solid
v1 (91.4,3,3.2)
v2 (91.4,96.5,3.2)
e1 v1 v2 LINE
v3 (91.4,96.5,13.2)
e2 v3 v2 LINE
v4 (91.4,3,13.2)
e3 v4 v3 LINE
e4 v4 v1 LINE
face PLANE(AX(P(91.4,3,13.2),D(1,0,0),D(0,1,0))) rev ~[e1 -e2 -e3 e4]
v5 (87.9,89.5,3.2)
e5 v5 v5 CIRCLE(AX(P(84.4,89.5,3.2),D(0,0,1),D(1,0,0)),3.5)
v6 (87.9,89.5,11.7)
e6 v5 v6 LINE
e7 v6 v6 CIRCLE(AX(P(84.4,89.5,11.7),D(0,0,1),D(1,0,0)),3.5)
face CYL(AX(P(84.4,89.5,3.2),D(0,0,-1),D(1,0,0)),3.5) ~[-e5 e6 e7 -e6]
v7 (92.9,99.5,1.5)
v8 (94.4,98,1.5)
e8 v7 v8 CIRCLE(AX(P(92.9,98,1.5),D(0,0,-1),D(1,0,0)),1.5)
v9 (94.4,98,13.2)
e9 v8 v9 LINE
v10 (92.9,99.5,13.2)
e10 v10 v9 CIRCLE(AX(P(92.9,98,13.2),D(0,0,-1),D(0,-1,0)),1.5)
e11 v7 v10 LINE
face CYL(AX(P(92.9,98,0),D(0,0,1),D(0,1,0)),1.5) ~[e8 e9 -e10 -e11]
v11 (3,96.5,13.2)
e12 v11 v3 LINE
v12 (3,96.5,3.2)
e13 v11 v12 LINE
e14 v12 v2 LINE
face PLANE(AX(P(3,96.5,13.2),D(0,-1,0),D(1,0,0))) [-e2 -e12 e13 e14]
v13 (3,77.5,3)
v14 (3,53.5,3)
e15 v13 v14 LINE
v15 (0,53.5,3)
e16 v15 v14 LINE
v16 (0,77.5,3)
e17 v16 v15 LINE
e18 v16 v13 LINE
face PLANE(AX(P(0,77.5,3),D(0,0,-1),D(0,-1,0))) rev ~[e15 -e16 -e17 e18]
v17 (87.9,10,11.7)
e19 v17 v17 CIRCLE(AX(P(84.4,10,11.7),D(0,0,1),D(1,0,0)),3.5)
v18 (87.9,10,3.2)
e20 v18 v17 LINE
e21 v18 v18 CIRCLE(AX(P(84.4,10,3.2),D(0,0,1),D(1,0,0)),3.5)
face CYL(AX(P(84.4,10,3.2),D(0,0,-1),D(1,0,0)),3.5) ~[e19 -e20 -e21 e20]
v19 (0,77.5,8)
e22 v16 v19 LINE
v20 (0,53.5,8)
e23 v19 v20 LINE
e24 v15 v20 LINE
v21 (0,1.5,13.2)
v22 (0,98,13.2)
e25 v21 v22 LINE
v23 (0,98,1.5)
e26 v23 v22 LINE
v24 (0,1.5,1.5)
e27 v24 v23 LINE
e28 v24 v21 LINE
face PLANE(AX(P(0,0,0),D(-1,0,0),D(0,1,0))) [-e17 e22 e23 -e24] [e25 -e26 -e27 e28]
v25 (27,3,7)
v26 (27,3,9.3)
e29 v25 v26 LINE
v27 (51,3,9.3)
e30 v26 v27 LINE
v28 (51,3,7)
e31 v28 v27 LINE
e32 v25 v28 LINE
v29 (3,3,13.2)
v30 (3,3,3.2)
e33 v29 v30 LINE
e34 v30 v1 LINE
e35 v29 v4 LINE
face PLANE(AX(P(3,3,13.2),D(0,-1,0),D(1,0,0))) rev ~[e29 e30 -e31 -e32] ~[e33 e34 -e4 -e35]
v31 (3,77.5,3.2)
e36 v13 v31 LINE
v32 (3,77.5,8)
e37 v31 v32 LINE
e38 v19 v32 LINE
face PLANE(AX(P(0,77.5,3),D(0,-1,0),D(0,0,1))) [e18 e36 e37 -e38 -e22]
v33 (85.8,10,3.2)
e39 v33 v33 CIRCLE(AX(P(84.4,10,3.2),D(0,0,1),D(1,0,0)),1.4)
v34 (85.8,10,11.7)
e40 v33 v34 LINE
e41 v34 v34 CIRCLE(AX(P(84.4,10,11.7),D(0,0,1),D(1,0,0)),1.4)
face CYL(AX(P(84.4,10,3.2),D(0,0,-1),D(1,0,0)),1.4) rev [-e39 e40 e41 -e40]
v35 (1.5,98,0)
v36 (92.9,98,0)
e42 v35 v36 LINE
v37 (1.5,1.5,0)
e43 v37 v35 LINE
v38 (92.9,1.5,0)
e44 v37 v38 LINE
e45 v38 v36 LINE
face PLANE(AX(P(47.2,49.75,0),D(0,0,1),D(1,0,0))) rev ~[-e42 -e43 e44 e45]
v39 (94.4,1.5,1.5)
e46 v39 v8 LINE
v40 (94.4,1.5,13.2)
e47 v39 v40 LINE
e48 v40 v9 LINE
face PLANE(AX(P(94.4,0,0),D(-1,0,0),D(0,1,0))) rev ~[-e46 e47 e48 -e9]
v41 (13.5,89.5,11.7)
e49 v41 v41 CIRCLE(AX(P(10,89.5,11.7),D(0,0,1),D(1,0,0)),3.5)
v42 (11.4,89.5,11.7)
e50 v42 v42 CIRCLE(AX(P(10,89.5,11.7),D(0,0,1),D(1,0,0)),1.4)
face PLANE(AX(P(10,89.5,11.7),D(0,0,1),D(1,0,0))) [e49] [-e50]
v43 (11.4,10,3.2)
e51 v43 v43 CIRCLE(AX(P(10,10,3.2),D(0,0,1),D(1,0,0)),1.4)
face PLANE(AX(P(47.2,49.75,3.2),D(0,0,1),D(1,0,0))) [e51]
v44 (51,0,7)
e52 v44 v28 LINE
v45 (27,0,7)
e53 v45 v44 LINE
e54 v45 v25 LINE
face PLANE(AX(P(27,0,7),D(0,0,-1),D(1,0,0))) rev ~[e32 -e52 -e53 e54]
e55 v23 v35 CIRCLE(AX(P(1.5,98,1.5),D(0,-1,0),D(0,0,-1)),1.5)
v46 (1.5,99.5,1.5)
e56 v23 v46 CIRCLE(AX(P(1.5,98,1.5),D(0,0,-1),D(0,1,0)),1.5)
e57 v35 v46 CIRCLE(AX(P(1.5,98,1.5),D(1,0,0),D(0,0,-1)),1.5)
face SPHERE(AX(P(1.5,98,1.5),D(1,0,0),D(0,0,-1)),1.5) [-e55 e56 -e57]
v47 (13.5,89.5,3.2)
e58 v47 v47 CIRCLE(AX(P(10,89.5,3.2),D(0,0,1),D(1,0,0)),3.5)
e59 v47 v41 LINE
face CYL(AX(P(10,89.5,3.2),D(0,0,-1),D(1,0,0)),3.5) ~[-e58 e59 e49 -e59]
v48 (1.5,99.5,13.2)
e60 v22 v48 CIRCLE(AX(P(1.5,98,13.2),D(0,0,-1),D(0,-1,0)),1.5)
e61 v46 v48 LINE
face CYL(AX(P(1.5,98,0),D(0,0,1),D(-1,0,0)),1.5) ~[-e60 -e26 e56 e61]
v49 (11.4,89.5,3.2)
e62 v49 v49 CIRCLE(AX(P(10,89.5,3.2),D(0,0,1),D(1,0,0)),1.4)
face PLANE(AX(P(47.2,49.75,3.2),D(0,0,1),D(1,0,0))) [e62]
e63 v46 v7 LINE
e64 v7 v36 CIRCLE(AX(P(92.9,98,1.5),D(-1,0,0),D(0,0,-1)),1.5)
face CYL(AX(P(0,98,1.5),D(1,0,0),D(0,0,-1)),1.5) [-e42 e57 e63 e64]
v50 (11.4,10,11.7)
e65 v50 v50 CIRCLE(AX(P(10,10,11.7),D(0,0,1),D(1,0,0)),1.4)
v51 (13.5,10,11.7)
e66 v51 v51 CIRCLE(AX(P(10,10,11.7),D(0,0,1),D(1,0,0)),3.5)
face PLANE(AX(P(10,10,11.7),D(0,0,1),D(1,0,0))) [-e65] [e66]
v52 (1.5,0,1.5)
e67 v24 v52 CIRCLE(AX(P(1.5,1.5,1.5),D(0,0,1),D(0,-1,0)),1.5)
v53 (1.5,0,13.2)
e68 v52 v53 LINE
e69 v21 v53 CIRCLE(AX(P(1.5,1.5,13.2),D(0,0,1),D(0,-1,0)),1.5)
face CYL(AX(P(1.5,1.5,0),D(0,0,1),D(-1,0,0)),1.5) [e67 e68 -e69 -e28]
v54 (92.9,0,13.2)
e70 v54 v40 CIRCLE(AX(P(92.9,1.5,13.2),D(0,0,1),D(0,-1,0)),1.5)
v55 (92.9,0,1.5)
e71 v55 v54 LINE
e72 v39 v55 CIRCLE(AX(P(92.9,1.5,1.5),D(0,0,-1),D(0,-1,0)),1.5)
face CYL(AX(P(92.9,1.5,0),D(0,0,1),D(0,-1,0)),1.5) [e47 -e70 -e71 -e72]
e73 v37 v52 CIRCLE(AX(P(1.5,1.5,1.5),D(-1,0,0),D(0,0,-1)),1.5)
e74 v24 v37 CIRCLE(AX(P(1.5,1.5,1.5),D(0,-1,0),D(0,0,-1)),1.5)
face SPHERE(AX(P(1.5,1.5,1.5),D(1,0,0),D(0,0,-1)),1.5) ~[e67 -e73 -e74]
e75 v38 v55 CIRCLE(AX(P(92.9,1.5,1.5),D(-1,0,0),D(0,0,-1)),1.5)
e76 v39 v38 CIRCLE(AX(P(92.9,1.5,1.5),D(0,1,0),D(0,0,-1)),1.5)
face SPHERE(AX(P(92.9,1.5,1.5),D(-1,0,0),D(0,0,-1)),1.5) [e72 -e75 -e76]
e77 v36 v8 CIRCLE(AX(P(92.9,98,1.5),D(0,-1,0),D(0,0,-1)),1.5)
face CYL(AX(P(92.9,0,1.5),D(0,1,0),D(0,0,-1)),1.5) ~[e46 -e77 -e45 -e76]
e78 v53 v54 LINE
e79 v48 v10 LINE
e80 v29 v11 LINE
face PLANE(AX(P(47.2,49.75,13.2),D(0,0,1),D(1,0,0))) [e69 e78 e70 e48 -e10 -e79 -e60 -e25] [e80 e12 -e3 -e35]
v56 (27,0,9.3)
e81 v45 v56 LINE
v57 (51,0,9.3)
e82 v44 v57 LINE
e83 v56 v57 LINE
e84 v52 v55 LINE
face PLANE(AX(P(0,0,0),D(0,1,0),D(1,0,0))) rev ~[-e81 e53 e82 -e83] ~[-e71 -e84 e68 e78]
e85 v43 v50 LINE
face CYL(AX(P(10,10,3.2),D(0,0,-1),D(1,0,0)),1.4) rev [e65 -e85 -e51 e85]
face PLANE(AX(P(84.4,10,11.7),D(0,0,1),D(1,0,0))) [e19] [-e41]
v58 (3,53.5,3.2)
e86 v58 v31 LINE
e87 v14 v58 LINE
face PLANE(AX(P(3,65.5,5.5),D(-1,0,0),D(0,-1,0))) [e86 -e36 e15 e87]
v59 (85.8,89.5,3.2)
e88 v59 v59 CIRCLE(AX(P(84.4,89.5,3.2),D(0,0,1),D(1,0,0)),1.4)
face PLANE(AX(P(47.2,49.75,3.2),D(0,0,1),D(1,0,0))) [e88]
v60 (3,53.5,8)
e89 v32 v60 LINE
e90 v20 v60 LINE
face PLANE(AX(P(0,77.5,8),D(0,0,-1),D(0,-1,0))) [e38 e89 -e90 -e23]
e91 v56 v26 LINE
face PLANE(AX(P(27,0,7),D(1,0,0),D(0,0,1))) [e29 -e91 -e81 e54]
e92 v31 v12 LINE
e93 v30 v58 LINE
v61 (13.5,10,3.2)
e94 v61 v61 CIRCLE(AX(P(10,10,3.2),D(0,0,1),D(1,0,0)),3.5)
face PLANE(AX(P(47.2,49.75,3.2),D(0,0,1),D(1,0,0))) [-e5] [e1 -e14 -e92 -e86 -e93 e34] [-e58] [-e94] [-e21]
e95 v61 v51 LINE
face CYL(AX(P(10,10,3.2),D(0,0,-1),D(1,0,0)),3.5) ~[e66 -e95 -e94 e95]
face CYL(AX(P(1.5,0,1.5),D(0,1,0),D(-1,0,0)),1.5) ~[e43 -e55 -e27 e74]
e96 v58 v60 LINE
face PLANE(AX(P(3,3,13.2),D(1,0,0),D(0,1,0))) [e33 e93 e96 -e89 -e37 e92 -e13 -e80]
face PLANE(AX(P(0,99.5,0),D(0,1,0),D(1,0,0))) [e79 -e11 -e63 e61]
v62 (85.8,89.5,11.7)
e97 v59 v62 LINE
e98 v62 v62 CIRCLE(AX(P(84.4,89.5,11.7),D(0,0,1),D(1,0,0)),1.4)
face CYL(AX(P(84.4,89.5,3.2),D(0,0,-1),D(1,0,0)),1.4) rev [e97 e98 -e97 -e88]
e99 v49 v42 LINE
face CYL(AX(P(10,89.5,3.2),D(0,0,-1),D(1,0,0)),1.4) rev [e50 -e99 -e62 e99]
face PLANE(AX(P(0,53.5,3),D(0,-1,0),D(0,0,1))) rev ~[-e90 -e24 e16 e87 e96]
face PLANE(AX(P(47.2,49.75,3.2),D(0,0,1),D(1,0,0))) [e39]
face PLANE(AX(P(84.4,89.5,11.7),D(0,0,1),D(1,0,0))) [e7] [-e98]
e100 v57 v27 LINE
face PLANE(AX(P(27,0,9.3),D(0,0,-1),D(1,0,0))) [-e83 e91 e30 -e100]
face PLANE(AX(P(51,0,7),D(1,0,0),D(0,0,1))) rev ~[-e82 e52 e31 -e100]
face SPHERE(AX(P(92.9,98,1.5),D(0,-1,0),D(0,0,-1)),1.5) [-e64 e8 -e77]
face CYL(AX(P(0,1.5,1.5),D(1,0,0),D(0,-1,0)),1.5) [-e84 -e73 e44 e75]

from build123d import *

# Parameters (mm, degrees)
SKETCH_W        = 94.4
SKETCH_H        = 99.5
PAD_DEPTH       = 13.2
SKETCH001_W     = 88.4
SKETCH001_H     = 93.5
POCKET_DEPTH    = 10
SKETCH002_R     = 3.5
SKETCH002_R_2   = 1.4
PAD001_DEPTH    = 8.5
SKETCH003_W     = 24
SKETCH003_H     = 2.3
POCKET001_DEPTH = 3
SKETCH004_W     = 24
SKETCH004_H     = 5
POCKET002_DEPTH = 3
FILLET_R        = 1.5


with BuildPart() as part:
    # Sketch → Pad (new body)
    with BuildSketch(Plane.XY):
        with Locations((47.2, 49.75)):
            Rectangle(SKETCH_W, SKETCH_H)
    extrude(amount=PAD_DEPTH)

    # Sketch001 (on Face6 of Pad) → Pocket (cut)
    with BuildSketch(Plane.XY.offset(13.2)):
        with Locations((47.2, 49.75)):
            Rectangle(SKETCH001_W, SKETCH001_H)
    extrude(amount=-POCKET_DEPTH, mode=Mode.SUBTRACT)

    # Sketch002 (on Face11 of Pocket) → Pad001 (join)
    with BuildSketch(Plane.XY.offset(3.2)):
        with Locations((84.4, 89.5)):
            Circle(SKETCH002_R)
        with Locations((84.4, 89.5)):
            Circle(SKETCH002_R_2, mode=Mode.SUBTRACT)
        with Locations((10, 89.5)):
            Circle(SKETCH002_R)
        with Locations((10, 89.5)):
            Circle(SKETCH002_R_2, mode=Mode.SUBTRACT)
        with Locations((10, 10)):
            Circle(SKETCH002_R)
        with Locations((10, 10)):
            Circle(SKETCH002_R_2, mode=Mode.SUBTRACT)
        with Locations((84.4, 10)):
            Circle(SKETCH002_R)
        with Locations((84.4, 10)):
            Circle(SKETCH002_R_2, mode=Mode.SUBTRACT)
    extrude(amount=PAD001_DEPTH)

    # Sketch003 (on Face1 of Pad001) → Pocket001 (cut)
    with BuildSketch(Plane.XZ):
        with Locations((39, 8.15)):
            Rectangle(SKETCH003_W, SKETCH003_H)
    extrude(amount=-POCKET001_DEPTH, mode=Mode.SUBTRACT)

    # Sketch004 (on Face2 of Pocket001) → Pocket002 (cut)
    with BuildSketch(Plane(origin=(0, 0, 0), x_dir=(0, -1, 0), z_dir=(-1, 0, 0))):
        with Locations((-65.5, 5.5)):
            Rectangle(SKETCH004_W, SKETCH004_H)
    extrude(amount=-POCKET002_DEPTH, mode=Mode.SUBTRACT)

    # Fillet
    fillet_edges = [part.edges().sort_by_distance(p)[0] for p in [
        (47.2, 0, 0),
        (94.4, 49.75, 0),
        (47.2, 99.5, 0),
        (0, 49.75, 0),
        (94.4, 0, 6.6),
        (0, 0, 6.6),
        (94.4, 99.5, 6.6),
        (0, 99.5, 6.6),
    ]]
    fillet(fillet_edges, radius=FILLET_R)


solid = part.part
